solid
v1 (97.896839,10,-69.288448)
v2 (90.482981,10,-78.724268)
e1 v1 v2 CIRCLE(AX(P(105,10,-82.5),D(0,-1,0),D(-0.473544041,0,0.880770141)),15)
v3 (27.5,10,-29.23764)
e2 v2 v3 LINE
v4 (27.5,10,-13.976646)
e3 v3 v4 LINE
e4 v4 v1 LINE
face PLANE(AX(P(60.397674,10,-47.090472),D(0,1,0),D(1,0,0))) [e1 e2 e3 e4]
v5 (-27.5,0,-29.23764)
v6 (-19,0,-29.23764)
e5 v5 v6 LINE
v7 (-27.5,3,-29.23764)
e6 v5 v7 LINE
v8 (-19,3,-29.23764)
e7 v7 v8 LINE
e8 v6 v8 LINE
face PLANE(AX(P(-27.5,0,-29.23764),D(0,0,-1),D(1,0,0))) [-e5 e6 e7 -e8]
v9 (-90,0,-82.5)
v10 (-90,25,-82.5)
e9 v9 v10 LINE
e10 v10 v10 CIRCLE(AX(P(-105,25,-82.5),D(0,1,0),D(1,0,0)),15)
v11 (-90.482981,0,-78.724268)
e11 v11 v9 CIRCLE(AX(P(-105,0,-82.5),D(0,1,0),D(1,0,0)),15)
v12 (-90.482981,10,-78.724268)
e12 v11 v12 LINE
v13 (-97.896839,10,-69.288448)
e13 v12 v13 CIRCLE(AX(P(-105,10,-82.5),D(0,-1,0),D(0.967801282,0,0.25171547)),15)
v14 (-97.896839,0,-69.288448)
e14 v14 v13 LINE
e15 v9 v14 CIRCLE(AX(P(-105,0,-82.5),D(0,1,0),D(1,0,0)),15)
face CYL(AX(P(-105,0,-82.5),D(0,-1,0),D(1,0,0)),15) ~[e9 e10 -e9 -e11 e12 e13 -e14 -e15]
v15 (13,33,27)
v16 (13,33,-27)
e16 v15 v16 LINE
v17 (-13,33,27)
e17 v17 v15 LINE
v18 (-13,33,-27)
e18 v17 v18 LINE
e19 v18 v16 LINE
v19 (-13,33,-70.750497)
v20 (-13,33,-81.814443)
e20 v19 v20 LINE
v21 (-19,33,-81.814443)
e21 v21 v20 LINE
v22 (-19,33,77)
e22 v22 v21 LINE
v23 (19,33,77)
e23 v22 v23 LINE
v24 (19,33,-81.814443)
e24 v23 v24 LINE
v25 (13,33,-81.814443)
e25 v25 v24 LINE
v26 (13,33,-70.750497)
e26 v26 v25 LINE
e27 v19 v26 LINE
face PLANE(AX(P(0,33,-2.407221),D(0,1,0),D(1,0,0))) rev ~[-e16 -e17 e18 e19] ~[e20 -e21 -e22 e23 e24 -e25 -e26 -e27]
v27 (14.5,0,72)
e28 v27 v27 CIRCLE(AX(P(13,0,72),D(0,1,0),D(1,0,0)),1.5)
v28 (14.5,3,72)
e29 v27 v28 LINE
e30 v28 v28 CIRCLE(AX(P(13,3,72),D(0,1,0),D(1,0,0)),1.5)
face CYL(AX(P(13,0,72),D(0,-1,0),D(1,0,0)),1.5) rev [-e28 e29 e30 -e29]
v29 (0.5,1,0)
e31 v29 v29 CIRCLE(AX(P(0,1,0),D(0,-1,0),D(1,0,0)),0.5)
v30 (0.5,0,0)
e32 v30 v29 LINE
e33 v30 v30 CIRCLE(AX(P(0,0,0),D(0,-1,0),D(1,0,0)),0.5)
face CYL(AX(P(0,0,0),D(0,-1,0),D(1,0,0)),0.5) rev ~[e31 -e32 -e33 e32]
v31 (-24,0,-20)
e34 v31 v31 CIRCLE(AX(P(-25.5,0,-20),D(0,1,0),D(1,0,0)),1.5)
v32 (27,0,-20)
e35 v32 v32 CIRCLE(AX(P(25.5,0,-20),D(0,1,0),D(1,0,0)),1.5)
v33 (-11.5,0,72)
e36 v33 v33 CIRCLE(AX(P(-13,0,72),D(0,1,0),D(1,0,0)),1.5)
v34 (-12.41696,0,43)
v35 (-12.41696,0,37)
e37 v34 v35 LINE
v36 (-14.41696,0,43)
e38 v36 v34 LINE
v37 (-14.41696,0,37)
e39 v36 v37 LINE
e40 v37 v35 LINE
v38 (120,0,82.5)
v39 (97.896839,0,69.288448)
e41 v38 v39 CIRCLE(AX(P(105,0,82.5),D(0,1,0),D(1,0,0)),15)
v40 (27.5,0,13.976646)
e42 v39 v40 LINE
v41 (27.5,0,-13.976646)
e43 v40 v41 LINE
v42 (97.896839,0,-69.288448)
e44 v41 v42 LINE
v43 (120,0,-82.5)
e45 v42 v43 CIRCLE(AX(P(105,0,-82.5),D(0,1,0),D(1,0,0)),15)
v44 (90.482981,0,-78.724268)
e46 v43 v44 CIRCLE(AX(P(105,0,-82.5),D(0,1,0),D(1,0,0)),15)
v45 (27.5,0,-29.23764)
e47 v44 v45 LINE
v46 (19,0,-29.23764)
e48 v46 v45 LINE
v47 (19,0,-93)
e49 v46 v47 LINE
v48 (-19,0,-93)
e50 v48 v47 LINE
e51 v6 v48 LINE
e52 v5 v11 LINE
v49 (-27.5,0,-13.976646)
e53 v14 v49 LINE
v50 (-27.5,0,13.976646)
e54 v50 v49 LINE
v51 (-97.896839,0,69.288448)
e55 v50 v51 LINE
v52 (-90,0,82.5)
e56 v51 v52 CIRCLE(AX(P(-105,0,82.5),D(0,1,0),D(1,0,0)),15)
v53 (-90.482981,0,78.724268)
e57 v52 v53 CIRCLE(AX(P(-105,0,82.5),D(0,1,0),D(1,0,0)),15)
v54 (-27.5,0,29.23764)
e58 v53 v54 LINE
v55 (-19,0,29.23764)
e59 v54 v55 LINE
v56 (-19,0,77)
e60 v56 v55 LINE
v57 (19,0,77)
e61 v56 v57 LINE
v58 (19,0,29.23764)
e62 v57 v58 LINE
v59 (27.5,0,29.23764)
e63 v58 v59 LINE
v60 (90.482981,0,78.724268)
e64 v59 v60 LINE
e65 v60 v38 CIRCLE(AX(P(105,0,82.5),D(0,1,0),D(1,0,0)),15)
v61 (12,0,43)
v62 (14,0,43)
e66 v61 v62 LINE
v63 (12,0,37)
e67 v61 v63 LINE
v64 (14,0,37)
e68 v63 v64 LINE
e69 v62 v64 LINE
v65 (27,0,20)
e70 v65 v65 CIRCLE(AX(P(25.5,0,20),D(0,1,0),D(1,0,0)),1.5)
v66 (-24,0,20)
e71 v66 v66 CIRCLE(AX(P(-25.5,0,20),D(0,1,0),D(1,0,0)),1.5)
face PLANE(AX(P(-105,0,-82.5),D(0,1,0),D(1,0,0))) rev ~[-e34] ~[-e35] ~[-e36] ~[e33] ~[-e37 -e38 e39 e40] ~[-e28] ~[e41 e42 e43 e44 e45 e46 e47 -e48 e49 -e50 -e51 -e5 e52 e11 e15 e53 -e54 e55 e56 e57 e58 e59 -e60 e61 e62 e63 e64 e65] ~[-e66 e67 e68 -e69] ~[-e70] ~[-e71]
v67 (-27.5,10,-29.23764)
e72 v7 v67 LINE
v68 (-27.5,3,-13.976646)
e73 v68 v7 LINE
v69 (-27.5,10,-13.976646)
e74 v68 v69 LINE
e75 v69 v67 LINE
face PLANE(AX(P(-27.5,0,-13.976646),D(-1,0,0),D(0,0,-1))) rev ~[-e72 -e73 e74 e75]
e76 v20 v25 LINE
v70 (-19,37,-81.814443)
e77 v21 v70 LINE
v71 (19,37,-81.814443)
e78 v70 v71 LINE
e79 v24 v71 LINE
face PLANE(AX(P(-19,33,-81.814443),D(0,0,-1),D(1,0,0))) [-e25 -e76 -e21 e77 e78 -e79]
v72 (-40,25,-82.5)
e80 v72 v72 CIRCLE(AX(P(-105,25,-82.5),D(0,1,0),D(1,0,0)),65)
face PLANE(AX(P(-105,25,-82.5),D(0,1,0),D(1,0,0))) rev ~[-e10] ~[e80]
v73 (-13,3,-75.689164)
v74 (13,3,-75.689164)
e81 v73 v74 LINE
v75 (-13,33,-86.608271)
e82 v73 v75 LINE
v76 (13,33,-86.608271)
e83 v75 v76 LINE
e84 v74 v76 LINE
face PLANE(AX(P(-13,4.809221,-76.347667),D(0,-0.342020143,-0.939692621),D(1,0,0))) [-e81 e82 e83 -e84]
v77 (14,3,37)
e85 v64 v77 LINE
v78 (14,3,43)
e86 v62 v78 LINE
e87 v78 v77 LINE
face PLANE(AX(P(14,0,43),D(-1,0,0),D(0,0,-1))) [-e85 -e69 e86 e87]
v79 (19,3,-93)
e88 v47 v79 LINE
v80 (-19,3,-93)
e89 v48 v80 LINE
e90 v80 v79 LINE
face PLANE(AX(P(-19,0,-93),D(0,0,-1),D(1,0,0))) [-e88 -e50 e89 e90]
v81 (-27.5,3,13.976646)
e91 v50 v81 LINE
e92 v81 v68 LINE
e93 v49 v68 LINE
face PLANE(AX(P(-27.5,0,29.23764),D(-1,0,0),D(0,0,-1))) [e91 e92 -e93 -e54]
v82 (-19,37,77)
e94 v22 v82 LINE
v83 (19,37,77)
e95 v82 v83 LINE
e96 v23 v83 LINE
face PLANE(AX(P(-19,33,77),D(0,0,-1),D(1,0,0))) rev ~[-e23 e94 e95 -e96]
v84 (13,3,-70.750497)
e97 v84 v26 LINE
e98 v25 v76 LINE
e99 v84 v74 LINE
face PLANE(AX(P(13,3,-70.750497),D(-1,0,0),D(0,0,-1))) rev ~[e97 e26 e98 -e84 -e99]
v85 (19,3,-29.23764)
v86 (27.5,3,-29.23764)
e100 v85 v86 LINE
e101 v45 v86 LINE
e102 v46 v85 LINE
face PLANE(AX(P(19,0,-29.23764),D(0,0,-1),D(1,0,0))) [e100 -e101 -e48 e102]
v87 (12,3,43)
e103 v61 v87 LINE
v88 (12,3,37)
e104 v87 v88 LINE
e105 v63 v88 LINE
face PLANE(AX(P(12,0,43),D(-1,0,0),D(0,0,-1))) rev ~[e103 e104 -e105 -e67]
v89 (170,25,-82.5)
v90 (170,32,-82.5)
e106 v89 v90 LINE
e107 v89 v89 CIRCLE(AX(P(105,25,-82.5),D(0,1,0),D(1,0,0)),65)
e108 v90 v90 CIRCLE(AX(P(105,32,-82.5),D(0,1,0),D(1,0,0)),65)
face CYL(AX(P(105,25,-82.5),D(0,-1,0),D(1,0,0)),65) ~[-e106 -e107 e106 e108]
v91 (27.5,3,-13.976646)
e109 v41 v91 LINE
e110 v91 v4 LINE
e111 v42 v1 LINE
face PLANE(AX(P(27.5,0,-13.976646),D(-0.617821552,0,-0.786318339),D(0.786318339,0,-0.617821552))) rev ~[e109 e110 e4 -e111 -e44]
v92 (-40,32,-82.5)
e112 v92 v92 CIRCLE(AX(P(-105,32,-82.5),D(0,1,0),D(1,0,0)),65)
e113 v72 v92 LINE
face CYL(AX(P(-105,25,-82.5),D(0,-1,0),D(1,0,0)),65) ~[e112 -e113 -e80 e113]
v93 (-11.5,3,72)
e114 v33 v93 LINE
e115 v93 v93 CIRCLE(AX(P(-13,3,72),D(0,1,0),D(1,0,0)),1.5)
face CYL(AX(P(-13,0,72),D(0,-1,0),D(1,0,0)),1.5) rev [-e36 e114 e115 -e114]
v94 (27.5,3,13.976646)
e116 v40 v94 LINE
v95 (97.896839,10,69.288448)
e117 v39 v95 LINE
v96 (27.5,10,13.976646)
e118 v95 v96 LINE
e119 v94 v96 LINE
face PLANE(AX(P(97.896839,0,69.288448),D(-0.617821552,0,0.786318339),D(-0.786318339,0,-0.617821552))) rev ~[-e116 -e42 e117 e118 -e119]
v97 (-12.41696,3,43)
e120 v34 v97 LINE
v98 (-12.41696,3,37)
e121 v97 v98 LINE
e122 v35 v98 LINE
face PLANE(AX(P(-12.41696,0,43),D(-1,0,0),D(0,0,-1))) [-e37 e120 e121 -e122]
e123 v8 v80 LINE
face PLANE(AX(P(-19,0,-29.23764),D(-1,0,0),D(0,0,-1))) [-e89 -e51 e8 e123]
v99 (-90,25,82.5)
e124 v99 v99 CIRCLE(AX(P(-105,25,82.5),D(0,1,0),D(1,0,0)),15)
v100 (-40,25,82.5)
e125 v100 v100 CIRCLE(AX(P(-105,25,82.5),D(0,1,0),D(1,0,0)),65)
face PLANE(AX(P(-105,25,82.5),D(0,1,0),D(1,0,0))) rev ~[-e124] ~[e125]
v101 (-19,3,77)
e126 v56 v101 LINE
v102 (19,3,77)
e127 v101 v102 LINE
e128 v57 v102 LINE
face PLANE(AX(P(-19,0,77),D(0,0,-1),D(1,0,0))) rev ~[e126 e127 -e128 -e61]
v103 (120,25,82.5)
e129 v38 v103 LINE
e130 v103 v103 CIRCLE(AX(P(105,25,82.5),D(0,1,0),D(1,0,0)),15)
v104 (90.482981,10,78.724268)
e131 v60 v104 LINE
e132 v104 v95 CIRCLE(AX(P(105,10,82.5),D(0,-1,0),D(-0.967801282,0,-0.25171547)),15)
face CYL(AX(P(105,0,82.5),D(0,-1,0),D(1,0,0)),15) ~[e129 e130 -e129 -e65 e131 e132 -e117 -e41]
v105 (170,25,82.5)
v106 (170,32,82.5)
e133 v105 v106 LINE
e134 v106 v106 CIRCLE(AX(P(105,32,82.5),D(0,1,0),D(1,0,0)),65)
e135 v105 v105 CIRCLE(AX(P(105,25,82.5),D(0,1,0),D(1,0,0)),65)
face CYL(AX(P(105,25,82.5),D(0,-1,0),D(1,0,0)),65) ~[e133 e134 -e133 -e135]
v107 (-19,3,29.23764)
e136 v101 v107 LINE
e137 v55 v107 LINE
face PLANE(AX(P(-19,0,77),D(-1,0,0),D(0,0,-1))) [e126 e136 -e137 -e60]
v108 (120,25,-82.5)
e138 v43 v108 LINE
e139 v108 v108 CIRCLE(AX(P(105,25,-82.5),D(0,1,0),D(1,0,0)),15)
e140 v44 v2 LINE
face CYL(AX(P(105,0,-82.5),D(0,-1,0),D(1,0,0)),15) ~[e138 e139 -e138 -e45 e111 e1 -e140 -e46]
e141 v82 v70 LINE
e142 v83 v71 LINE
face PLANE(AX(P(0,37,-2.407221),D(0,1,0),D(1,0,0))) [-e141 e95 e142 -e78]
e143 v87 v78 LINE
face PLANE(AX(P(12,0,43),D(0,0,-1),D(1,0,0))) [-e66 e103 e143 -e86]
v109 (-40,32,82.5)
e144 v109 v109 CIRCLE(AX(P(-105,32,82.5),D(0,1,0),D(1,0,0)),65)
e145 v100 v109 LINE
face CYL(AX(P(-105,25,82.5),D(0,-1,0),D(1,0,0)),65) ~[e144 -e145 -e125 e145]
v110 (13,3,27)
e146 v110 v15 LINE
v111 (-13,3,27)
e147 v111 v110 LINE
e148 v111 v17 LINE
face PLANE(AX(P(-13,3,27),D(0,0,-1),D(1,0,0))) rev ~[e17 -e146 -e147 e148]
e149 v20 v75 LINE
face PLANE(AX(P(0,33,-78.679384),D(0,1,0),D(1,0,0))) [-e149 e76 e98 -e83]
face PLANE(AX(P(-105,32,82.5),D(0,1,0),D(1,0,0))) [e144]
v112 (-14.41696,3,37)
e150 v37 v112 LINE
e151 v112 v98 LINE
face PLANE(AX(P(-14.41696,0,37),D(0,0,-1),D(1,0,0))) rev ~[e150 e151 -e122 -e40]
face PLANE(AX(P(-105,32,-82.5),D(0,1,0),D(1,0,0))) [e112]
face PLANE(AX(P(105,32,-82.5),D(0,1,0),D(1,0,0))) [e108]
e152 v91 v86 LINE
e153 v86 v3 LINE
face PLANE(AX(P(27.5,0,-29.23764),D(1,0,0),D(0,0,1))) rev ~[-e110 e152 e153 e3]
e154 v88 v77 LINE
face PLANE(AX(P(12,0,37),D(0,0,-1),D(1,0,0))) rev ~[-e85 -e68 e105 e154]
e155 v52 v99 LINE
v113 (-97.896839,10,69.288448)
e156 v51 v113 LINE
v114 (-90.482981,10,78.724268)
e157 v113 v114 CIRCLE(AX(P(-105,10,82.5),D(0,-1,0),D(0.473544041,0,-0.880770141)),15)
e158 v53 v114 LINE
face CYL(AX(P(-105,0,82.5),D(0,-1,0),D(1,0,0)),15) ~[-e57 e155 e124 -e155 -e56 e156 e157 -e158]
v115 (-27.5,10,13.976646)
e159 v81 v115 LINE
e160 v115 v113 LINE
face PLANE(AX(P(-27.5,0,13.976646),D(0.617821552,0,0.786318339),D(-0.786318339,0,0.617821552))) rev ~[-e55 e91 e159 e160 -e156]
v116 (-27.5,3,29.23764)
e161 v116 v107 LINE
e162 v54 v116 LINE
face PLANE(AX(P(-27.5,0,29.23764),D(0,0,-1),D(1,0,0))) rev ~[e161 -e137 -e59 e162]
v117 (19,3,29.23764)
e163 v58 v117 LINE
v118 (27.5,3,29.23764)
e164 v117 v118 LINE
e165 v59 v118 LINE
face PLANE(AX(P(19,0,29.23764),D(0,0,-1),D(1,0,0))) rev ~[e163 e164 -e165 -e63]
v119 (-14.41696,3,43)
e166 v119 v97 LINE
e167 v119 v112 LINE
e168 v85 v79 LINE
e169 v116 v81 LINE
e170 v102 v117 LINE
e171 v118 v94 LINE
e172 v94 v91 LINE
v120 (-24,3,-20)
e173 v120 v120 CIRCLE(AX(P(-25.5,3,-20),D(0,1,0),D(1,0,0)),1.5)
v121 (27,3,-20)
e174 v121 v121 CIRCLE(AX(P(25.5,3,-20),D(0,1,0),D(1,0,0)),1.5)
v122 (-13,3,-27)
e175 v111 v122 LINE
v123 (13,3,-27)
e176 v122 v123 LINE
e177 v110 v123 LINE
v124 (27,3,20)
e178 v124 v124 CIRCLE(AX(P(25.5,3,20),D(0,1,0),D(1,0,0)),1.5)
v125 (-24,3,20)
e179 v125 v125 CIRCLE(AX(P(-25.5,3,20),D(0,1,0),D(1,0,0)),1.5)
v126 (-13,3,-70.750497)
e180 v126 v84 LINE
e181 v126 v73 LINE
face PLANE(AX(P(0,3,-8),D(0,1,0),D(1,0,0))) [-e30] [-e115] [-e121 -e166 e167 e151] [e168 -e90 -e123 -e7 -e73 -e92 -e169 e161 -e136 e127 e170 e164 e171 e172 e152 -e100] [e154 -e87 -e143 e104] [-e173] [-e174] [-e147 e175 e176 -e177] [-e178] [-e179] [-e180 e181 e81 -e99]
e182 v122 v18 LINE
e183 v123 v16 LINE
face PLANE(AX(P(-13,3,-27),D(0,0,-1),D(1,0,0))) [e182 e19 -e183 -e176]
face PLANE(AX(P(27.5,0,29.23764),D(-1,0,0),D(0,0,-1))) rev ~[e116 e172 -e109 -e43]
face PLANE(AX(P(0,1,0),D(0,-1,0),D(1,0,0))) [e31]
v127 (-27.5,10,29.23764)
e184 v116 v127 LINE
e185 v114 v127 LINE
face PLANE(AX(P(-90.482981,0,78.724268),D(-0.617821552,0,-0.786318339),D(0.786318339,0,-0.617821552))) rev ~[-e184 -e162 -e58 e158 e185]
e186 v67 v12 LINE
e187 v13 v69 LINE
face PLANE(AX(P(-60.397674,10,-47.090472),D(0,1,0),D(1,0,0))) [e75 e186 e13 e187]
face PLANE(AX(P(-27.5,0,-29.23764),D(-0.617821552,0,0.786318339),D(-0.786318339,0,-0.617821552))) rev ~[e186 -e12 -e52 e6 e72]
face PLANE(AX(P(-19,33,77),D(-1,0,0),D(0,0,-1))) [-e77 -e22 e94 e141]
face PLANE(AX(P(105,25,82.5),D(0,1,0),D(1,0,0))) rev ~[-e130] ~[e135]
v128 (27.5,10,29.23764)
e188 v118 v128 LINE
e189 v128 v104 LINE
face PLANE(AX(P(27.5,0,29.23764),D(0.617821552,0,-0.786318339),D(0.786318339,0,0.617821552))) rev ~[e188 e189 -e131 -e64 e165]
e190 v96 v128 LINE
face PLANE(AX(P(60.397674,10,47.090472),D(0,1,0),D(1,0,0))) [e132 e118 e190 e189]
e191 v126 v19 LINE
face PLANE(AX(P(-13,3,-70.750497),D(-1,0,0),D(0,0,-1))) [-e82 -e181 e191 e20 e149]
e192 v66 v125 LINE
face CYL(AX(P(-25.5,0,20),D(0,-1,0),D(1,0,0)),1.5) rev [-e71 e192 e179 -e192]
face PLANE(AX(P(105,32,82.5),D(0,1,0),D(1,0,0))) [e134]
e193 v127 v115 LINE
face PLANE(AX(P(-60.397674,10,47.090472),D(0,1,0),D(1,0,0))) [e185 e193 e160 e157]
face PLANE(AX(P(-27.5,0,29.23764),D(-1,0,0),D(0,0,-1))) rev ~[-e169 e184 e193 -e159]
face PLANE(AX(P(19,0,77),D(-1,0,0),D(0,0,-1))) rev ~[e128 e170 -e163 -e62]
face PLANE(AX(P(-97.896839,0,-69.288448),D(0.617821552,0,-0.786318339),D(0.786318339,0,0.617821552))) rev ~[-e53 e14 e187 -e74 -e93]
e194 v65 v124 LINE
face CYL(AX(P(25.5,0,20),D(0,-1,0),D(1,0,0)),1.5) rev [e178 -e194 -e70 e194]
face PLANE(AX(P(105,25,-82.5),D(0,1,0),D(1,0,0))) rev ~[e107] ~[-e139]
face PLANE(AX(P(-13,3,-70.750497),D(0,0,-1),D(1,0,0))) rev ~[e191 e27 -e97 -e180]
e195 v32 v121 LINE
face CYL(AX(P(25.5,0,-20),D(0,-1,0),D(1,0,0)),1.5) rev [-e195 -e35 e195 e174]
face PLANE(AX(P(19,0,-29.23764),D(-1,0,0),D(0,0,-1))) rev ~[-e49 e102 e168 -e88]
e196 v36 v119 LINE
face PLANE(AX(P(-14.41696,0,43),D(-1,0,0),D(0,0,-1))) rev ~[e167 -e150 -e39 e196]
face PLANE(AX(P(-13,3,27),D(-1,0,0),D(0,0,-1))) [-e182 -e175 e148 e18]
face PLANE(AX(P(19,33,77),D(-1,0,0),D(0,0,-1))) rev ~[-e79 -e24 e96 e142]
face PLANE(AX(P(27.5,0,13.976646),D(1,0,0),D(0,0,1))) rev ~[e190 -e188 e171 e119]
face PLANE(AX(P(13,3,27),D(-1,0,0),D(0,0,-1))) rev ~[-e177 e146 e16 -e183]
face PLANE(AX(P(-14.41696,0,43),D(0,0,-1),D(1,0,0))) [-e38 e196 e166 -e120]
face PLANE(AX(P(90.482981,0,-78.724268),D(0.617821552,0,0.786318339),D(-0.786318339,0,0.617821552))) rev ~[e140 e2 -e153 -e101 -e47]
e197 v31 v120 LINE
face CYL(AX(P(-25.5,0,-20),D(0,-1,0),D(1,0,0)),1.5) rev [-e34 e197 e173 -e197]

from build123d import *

# Parameters (mm, degrees)
SKETCH2_W           = 38
SKETCH2_H           = 170
SKETCH2_R           = 1.5
SKETCH2_W_2         = 2
SKETCH2_H_2         = 6
SKETCH2_W_3         = 55
SKETCH2_H_3         = 58.475280412
BOSS_EXTRUDE2_DEPTH = 3
BOSS_EXTRUDE3_DEPTH = 10
SKETCH2_4_R         = 15
BOSS_EXTRUDE4_DEPTH = 25
SKETCH3_R           = 65
BOSS_EXTRUDE5_DEPTH = 7
SKETCH4_W           = 26
SKETCH4_H           = 54
SKETCH4_H_2         = 15.857774488
BOSS_EXTRUDE6_DEPTH = 30
SKETCH5_W           = 38
SKETCH5_H           = 158.814442682
BOSS_EXTRUDE7_DEPTH = 4
DRAFT1_ANGLE        = -20
SKETCH6_R           = 0.5
CUT_EXTRUDE1_DEPTH  = 1


with BuildPart() as part:
    # Sketch2 → Boss-Extrude2 (new body)
    with BuildSketch(Plane(origin=(0, 0, 0), x_dir=(1, 0, 0), z_dir=(0, 1, 0))):
        with Locations((0, 8)):
            Rectangle(SKETCH2_W, SKETCH2_H)
        with Locations((-13, -72)):
            Circle(SKETCH2_R, mode=Mode.SUBTRACT)
        with Locations((13, -72)):
            Circle(SKETCH2_R, mode=Mode.SUBTRACT)
        with Locations((13, -40)):
            Rectangle(SKETCH2_W_2, SKETCH2_H_2, mode=Mode.SUBTRACT)
        with Locations((-13.416960254, -40)):
            Rectangle(SKETCH2_W_2, SKETCH2_H_2, mode=Mode.SUBTRACT)
        Rectangle(SKETCH2_W_3, SKETCH2_H_3)
        with Locations((-25.5, 20)):
            Circle(SKETCH2_R, mode=Mode.SUBTRACT)
        with Locations((25.5, 20)):
            Circle(SKETCH2_R, mode=Mode.SUBTRACT)
        with Locations((25.5, -20)):
            Circle(SKETCH2_R, mode=Mode.SUBTRACT)
        with Locations((-25.5, -20)):
            Circle(SKETCH2_R, mode=Mode.SUBTRACT)
    extrude(amount=BOSS_EXTRUDE2_DEPTH)

    # Sketch2<3> → Boss-Extrude3 (add)
    with BuildSketch(Plane(origin=(0, 0, 0), x_dir=(1, 0, 0), z_dir=(0, 1, 0))):
        with BuildLine():
            ThreePointArc((-90.482980764, 78.72426795), (-93.205224918, 73.232676721), (-97.896839388, 69.288447884))
            Line((-97.896839388, 69.288447884), (-27.5, 13.976645508))
            Line((-27.5, 13.976645508), (-27.5, 29.237640206))
            Line((-27.5, 29.237640206), (-90.482980764, 78.72426795))
        make_face()
        with BuildLine():
            Line((-27.5, -13.976645508), (-97.896839388, -69.288447884))
            ThreePointArc((-97.896839388, -69.288447884), (-93.205224918, -73.232676721), (-90.482980764, -78.72426795))
            Line((-90.482980764, -78.72426795), (-27.5, -29.237640206))
            Line((-27.5, -29.237640206), (-27.5, -13.976645508))
        make_face()
        with BuildLine():
            Line((90.482980764, 78.72426795), (27.5, 29.237640206))
            Line((27.5, 29.237640206), (27.5, 13.976645508))
            Line((27.5, 13.976645508), (97.896839388, 69.288447884))
            ThreePointArc((97.896839388, 69.288447884), (93.205224918, 73.232676721), (90.482980764, 78.72426795))
        make_face()
        with BuildLine():
            Line((27.5, -29.237640206), (90.482980764, -78.72426795))
            ThreePointArc((90.482980764, -78.72426795), (93.205224918, -73.232676721), (97.896839388, -69.288447884))
            Line((97.896839388, -69.288447884), (27.5, -13.976645508))
            Line((27.5, -13.976645508), (27.5, -29.237640206))
        make_face()
    extrude(amount=BOSS_EXTRUDE3_DEPTH)

    # Sketch2<4> → Boss-Extrude4 (add)
    with BuildSketch(Plane(origin=(0, 0, 0), x_dir=(1, 0, 0), z_dir=(0, 1, 0))):
        with Locations((-105, 82.5)):
            Circle(SKETCH2_4_R)
        with Locations((105, 82.5)):
            Circle(SKETCH2_4_R)
        with Locations((105, -82.5)):
            Circle(SKETCH2_4_R)
        with Locations((-105, -82.5)):
            Circle(SKETCH2_4_R)
    extrude(amount=BOSS_EXTRUDE4_DEPTH)

    # Sketch3 → Boss-Extrude5 (add)
    with BuildSketch(Plane(origin=(0, 25, 0), x_dir=(1, 0, 0), z_dir=(0, 1, 0))):
        with Locations((-105, -82.5)):
            Circle(SKETCH3_R)
        with Locations((105, -82.5)):
            Circle(SKETCH3_R)
        with Locations((105, 82.5)):
            Circle(SKETCH3_R)
        with Locations((-105, 82.5)):
            Circle(SKETCH3_R)
    extrude(amount=BOSS_EXTRUDE5_DEPTH)

    # Sketch4 → Boss-Extrude6 (add)
    with BuildSketch(Plane(origin=(0, 3, 0), x_dir=(1, 0, 0), z_dir=(0, 1, 0))):
        Rectangle(SKETCH4_W, SKETCH4_H)
        with Locations((0, 78.679384084)):
            Rectangle(SKETCH4_W, SKETCH4_H_2)
    extrude(amount=BOSS_EXTRUDE6_DEPTH)

    # Sketch5 → Boss-Extrude7 (add)
    with BuildSketch(Plane(origin=(0, 33, 0), x_dir=(1, 0, 0), z_dir=(0, 1, 0))):
        with Locations((0, 2.407221341)):
            Rectangle(SKETCH5_W, SKETCH5_H)
    extrude(amount=BOSS_EXTRUDE7_DEPTH)

    # Draft1
    draft1_faces = [part.faces().sort_by_distance(p)[0] for p in [
        (0, 18, -86.608271328),
    ]]
    draft(draft1_faces, Plane.ZX.offset(33), DRAFT1_ANGLE)

    # Sketch6 → Cut-Extrude1 (cut)
    with BuildSketch(Plane.XZ):
        Circle(SKETCH6_R)
    extrude(amount=-CUT_EXTRUDE1_DEPTH, mode=Mode.SUBTRACT)


solid = part.part
